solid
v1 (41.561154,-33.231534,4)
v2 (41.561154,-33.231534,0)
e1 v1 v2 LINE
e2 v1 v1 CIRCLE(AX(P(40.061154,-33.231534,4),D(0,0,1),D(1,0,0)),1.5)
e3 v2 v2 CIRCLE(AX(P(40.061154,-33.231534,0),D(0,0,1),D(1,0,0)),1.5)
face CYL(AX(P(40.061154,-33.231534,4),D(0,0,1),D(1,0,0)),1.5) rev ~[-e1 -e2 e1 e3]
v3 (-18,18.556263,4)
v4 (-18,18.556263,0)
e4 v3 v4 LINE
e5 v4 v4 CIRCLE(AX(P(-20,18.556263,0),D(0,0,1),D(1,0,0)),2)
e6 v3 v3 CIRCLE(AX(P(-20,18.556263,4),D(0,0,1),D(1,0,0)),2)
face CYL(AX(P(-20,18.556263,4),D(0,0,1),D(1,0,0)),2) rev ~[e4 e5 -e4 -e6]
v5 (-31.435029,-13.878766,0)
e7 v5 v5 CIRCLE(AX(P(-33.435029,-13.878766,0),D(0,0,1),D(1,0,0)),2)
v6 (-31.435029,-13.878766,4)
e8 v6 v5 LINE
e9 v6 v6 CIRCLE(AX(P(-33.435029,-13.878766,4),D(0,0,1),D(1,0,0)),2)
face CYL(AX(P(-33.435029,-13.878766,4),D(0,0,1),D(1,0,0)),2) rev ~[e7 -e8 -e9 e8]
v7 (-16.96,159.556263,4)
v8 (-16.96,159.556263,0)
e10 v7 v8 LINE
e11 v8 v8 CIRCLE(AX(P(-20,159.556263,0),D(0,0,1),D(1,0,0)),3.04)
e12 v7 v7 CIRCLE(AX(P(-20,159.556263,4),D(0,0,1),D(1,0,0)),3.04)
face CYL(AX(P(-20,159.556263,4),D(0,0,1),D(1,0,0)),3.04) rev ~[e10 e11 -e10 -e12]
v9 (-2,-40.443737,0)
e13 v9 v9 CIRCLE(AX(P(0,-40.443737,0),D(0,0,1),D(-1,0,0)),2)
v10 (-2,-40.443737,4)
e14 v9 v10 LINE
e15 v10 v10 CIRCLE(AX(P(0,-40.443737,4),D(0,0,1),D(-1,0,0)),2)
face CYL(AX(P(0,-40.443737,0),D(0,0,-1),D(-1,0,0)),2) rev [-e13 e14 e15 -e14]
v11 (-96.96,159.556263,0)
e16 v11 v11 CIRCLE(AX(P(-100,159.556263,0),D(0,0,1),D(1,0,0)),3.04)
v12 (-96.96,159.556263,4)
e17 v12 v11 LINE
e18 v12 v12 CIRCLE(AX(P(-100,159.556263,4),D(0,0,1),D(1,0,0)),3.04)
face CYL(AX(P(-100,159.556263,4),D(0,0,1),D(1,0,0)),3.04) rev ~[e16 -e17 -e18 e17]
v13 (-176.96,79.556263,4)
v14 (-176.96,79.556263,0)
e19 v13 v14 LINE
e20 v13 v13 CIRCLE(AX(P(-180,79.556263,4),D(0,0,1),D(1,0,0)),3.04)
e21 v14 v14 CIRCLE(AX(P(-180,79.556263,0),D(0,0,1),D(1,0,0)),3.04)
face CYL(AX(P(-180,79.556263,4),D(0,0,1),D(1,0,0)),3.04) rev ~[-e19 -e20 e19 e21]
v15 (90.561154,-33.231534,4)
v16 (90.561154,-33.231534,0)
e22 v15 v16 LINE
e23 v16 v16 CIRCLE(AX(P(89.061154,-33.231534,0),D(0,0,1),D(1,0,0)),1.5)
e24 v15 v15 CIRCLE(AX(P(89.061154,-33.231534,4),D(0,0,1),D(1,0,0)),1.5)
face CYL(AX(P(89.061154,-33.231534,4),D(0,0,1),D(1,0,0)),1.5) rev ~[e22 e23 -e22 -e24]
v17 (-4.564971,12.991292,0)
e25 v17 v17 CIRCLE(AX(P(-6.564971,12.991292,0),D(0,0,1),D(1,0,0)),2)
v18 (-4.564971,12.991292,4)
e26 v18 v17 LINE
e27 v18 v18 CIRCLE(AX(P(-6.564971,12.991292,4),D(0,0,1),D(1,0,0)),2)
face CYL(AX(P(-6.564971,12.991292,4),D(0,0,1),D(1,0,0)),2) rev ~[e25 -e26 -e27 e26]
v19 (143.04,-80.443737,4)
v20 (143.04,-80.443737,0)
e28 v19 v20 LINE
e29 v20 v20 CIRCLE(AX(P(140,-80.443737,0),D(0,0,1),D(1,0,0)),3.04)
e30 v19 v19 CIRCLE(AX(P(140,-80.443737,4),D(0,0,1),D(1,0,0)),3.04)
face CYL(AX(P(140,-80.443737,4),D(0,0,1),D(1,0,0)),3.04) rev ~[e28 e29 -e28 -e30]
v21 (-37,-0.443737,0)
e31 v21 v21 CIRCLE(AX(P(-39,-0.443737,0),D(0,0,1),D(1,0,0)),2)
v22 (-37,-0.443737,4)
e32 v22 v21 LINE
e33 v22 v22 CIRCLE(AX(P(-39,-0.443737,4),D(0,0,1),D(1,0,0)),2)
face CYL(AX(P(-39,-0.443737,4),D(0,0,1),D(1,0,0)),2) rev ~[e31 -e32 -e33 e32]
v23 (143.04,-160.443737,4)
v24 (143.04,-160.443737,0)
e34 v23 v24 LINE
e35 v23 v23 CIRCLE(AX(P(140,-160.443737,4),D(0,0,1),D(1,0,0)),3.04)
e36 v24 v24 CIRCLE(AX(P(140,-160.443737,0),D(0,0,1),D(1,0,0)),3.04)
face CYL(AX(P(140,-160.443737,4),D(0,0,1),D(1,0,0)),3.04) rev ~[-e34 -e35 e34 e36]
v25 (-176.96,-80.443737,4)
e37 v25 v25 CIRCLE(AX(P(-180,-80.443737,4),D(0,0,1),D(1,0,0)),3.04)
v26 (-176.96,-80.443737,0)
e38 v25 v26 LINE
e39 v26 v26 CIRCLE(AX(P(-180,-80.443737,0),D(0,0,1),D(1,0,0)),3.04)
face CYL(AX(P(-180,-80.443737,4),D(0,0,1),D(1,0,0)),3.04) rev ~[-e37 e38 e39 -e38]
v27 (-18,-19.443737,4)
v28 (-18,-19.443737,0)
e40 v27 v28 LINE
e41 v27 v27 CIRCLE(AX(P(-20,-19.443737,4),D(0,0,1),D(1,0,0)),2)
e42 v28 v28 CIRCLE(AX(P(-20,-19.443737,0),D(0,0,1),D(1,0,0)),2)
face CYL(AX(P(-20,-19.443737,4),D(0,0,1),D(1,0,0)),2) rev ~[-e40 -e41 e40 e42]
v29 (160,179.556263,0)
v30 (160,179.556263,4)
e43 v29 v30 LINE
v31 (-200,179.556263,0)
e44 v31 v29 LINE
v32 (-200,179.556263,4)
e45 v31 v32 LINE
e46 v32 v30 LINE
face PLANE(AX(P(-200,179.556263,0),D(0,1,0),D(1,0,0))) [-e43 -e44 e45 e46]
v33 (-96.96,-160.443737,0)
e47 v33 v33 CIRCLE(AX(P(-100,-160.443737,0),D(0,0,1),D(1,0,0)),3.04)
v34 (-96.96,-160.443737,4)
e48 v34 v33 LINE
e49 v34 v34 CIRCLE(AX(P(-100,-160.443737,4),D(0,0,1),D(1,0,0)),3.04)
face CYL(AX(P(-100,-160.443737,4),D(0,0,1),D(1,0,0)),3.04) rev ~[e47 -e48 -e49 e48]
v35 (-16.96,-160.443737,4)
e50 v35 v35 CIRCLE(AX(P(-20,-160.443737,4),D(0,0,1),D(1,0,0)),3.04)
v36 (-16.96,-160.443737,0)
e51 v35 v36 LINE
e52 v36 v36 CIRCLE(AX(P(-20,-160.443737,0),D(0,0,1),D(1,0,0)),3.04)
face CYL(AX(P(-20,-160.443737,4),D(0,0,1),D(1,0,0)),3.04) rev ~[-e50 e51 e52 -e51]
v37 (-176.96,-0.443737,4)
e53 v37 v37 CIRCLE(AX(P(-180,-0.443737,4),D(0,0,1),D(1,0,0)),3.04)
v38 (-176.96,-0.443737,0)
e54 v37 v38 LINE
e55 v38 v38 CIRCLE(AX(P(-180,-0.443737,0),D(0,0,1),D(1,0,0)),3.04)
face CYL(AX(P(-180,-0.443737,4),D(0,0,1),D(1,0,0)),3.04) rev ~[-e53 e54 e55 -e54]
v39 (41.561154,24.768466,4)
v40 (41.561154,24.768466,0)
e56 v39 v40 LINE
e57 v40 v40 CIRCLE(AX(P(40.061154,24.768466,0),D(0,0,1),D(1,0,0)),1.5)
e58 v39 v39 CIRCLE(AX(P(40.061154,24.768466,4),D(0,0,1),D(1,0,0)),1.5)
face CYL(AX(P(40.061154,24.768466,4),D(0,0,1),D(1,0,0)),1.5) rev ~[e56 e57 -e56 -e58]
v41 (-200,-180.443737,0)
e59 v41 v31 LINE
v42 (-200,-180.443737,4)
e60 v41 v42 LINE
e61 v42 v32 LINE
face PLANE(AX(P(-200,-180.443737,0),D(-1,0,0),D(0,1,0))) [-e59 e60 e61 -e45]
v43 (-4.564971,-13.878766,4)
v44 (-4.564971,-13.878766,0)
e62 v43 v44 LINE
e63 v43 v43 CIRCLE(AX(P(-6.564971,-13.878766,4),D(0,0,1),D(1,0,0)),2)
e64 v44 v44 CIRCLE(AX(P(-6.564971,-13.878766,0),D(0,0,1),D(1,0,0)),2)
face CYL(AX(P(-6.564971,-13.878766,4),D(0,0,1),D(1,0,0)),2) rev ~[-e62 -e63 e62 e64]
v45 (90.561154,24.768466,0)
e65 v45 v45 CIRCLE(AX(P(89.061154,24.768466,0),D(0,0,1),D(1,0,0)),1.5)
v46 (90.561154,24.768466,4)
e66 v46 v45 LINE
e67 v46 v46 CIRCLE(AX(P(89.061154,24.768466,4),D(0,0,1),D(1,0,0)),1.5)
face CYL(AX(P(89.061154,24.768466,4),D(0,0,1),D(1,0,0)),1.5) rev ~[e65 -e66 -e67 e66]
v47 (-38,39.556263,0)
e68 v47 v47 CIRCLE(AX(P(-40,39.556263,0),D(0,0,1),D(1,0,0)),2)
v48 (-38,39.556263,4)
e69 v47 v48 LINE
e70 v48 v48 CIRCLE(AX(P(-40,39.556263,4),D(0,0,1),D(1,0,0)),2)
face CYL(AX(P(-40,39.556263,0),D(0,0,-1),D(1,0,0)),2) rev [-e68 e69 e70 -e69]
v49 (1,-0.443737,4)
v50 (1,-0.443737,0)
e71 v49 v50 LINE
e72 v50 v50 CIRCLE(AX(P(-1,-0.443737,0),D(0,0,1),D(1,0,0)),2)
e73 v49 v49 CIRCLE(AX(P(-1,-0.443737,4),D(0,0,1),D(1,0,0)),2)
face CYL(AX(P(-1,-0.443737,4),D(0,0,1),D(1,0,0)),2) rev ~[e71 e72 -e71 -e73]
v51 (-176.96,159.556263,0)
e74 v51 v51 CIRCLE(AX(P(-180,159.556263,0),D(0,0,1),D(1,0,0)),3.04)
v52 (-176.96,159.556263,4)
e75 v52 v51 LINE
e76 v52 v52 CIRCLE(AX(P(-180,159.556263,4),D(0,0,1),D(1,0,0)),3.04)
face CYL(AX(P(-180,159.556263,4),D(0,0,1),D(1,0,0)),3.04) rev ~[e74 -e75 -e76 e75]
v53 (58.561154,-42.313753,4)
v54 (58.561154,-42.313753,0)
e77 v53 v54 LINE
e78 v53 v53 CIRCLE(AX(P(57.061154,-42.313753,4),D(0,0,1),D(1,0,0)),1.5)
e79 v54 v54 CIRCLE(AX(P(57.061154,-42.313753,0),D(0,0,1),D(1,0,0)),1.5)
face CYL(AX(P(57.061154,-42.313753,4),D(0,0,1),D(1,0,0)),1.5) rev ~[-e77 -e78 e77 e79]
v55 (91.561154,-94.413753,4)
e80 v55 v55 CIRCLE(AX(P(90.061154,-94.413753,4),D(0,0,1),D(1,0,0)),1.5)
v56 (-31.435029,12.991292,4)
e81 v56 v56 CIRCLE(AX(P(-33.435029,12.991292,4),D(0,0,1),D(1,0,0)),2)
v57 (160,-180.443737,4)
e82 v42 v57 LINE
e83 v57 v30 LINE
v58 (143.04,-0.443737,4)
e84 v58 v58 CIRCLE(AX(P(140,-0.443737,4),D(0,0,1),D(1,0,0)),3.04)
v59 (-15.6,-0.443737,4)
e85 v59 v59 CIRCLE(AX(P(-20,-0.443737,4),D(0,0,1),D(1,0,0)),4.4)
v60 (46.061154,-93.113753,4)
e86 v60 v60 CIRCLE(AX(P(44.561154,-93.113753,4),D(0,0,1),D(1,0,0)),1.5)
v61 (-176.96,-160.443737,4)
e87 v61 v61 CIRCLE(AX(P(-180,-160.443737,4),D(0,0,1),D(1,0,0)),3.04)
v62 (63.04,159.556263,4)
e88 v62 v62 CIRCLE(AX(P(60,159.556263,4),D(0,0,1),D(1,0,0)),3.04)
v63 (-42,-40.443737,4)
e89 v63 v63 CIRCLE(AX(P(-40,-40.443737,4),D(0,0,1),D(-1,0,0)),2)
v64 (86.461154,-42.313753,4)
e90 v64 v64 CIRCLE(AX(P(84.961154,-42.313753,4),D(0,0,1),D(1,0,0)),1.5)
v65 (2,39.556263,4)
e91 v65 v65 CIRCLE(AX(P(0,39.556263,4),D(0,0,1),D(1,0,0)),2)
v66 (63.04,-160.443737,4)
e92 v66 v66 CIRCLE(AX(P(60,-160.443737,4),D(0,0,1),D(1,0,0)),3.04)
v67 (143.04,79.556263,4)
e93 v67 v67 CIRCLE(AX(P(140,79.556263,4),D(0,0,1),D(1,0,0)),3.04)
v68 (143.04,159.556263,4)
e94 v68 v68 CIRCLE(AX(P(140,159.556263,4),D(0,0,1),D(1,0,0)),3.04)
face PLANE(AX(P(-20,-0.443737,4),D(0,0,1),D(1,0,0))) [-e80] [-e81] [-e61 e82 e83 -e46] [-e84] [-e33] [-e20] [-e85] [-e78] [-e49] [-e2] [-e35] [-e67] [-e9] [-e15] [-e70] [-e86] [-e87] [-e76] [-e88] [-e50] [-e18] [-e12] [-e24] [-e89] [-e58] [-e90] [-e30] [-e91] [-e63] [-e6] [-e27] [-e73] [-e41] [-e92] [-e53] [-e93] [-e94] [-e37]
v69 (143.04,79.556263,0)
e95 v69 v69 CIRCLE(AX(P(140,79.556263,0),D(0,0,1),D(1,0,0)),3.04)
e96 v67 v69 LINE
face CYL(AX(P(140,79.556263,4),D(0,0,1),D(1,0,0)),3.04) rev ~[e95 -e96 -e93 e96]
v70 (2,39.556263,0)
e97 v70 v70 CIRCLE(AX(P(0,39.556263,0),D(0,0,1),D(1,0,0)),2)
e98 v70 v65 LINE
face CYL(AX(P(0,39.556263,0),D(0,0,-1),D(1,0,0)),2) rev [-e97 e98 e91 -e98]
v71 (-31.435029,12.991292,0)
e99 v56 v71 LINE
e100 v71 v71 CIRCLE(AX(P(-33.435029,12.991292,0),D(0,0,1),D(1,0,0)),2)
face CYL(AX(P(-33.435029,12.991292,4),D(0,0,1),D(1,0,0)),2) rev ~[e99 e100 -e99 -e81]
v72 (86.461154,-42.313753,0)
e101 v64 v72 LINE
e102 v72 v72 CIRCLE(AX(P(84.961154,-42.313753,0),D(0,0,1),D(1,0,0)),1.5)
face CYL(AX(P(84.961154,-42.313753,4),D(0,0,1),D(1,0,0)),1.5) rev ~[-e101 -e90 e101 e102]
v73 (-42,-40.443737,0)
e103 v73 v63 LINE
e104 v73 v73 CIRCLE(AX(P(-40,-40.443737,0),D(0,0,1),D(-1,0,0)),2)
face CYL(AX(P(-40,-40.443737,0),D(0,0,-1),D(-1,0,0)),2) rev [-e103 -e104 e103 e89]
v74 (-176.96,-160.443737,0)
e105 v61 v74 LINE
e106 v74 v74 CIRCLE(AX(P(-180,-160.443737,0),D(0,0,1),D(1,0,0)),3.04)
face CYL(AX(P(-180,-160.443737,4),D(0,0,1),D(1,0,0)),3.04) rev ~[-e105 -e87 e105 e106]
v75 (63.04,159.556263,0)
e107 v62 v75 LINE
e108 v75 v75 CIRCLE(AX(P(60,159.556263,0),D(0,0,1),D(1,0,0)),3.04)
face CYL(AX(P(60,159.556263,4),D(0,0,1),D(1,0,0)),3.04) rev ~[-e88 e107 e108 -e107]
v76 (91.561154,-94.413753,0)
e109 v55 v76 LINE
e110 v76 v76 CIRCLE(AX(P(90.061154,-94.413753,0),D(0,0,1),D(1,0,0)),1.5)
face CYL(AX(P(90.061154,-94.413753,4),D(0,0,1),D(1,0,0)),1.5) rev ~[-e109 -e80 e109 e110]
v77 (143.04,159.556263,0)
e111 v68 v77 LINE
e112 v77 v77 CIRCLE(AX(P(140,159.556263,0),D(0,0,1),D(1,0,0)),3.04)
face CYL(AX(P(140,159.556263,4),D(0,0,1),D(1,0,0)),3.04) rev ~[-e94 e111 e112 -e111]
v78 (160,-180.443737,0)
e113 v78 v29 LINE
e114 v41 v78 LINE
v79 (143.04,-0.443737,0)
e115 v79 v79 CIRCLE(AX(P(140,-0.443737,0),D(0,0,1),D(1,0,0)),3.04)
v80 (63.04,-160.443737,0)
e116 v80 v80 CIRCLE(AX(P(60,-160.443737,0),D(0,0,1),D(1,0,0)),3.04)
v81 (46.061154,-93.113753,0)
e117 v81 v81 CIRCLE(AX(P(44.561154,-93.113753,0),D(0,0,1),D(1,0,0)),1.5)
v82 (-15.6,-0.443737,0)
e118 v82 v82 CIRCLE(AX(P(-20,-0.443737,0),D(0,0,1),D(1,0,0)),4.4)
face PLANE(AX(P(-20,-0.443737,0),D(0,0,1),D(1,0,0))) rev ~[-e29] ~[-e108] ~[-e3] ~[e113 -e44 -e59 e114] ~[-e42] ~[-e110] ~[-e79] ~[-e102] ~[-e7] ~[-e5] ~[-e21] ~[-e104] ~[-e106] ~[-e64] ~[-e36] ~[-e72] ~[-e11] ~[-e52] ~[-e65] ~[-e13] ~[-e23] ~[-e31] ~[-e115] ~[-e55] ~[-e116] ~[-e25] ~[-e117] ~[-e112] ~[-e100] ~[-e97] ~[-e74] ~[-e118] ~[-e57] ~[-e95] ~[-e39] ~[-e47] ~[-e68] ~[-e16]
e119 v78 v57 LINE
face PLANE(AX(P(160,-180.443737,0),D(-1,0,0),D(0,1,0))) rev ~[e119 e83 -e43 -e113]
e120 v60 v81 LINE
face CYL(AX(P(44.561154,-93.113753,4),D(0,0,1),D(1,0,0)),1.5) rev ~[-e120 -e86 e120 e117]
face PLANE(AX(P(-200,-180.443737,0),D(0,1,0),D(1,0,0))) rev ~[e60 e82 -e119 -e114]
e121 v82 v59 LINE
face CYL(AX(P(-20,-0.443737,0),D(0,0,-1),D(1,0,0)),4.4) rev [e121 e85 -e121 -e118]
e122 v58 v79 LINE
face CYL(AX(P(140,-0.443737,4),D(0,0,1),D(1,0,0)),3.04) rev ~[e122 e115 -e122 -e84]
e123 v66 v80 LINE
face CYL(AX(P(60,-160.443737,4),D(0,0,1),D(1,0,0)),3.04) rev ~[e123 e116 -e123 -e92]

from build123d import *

# Parameters (mm, degrees)
SKETCH_1_W          = 360
SKETCH_1_H          = 360
SKETCH_1_R          = 2
SKETCH_1_R_2        = 4.4
EXTRUDE_1_DEPTH     = 4
SKETCH_2_R          = 1.5
CUT_EXTRUDE_2_DEPTH = 20
SKETCH_3_R          = 3.04
CUT_EXTRUDE_3_DEPTH = 20
SKETCH_4_R          = 2
CUT_EXTRUDE_4_DEPTH = 10


with BuildPart() as part:
    # 草图1 → 凸台-拉伸1 (new body)
    with BuildSketch(Plane.XY):
        with Locations((-20, -0.443736876)):
            Rectangle(SKETCH_1_W, SKETCH_1_H)
        with Locations((-40, 39.556263124)):
            Circle(SKETCH_1_R, mode=Mode.SUBTRACT)
        with Locations((0, 39.556263124)):
            Circle(SKETCH_1_R, mode=Mode.SUBTRACT)
        with Locations(Location((0, -40.443736876, 0), (0, 0, 180))):
            Circle(SKETCH_1_R, mode=Mode.SUBTRACT)
        with Locations(Location((-40, -40.443736876, 0), (0, 0, 180))):
            Circle(SKETCH_1_R, mode=Mode.SUBTRACT)
        with Locations((-20, -0.443736876)):
            Circle(SKETCH_1_R_2, mode=Mode.SUBTRACT)
    extrude(amount=EXTRUDE_1_DEPTH)

    # 草图2 → 切除-拉伸2 (cut)
    with BuildSketch(Plane.XY.offset(4)):
        with Locations((57.061153948, -42.313752709)):
            Circle(SKETCH_2_R)
        with Locations((84.961153948, -42.313752709)):
            Circle(SKETCH_2_R)
        with Locations((44.561153948, -93.113752709)):
            Circle(SKETCH_2_R)
        with Locations((90.061153948, -94.413752709)):
            Circle(SKETCH_2_R)
        with Locations((40.061153948, 24.768466173)):
            Circle(SKETCH_2_R)
        with Locations((89.061153948, 24.768466173)):
            Circle(SKETCH_2_R)
        with Locations((40.061153948, -33.231533827)):
            Circle(SKETCH_2_R)
        with Locations((89.061153948, -33.231533827)):
            Circle(SKETCH_2_R)
    extrude(amount=-CUT_EXTRUDE_2_DEPTH, mode=Mode.SUBTRACT)

    # 草图3 → 切除-拉伸3 (cut)
    with BuildSketch(Plane.XY.offset(4)):
        with Locations((-180, -160.443736876)):
            Circle(SKETCH_3_R)
        with Locations((-180, -80.443736876)):
            Circle(SKETCH_3_R)
        with Locations((-180, -0.443736876)):
            Circle(SKETCH_3_R)
        with Locations((-180, 79.556263124)):
            Circle(SKETCH_3_R)
        with Locations((-180, 159.556263124)):
            Circle(SKETCH_3_R)
        with Locations((-100, 159.556263124)):
            Circle(SKETCH_3_R)
        with Locations((-20, 159.556263124)):
            Circle(SKETCH_3_R)
        with Locations((60, 159.556263124)):
            Circle(SKETCH_3_R)
        with Locations((140, 159.556263124)):
            Circle(SKETCH_3_R)
        with Locations((140, 79.556263124)):
            Circle(SKETCH_3_R)
        with Locations((140, -0.443736876)):
            Circle(SKETCH_3_R)
        with Locations((140, -80.443736876)):
            Circle(SKETCH_3_R)
        with Locations((140, -160.443736876)):
            Circle(SKETCH_3_R)
        with Locations((60, -160.443736876)):
            Circle(SKETCH_3_R)
        with Locations((-20, -160.443736876)):
            Circle(SKETCH_3_R)
        with Locations((-100, -160.443736876)):
            Circle(SKETCH_3_R)
    extrude(amount=-CUT_EXTRUDE_3_DEPTH, mode=Mode.SUBTRACT)

    # 草图4 → 切除-拉伸4 (cut)
    with BuildSketch(Plane.XY.offset(4)):
        with Locations((-20, -19.443736876)):
            Circle(SKETCH_4_R)
        with Locations((-33.435028843, -13.878765719)):
            Circle(SKETCH_4_R)
        with Locations((-39, -0.443736876)):
            Circle(SKETCH_4_R)
        with Locations((-33.435028843, 12.991291966)):
            Circle(SKETCH_4_R)
        with Locations((-20, 18.556263124)):
            Circle(SKETCH_4_R)
        with Locations((-6.564971157, 12.991291966)):
            Circle(SKETCH_4_R)
        with Locations((-1, -0.443736876)):
            Circle(SKETCH_4_R)
        with Locations((-6.564971157, -13.878765719)):
            Circle(SKETCH_4_R)
    extrude(amount=-CUT_EXTRUDE_4_DEPTH, mode=Mode.SUBTRACT)


solid = part.part
